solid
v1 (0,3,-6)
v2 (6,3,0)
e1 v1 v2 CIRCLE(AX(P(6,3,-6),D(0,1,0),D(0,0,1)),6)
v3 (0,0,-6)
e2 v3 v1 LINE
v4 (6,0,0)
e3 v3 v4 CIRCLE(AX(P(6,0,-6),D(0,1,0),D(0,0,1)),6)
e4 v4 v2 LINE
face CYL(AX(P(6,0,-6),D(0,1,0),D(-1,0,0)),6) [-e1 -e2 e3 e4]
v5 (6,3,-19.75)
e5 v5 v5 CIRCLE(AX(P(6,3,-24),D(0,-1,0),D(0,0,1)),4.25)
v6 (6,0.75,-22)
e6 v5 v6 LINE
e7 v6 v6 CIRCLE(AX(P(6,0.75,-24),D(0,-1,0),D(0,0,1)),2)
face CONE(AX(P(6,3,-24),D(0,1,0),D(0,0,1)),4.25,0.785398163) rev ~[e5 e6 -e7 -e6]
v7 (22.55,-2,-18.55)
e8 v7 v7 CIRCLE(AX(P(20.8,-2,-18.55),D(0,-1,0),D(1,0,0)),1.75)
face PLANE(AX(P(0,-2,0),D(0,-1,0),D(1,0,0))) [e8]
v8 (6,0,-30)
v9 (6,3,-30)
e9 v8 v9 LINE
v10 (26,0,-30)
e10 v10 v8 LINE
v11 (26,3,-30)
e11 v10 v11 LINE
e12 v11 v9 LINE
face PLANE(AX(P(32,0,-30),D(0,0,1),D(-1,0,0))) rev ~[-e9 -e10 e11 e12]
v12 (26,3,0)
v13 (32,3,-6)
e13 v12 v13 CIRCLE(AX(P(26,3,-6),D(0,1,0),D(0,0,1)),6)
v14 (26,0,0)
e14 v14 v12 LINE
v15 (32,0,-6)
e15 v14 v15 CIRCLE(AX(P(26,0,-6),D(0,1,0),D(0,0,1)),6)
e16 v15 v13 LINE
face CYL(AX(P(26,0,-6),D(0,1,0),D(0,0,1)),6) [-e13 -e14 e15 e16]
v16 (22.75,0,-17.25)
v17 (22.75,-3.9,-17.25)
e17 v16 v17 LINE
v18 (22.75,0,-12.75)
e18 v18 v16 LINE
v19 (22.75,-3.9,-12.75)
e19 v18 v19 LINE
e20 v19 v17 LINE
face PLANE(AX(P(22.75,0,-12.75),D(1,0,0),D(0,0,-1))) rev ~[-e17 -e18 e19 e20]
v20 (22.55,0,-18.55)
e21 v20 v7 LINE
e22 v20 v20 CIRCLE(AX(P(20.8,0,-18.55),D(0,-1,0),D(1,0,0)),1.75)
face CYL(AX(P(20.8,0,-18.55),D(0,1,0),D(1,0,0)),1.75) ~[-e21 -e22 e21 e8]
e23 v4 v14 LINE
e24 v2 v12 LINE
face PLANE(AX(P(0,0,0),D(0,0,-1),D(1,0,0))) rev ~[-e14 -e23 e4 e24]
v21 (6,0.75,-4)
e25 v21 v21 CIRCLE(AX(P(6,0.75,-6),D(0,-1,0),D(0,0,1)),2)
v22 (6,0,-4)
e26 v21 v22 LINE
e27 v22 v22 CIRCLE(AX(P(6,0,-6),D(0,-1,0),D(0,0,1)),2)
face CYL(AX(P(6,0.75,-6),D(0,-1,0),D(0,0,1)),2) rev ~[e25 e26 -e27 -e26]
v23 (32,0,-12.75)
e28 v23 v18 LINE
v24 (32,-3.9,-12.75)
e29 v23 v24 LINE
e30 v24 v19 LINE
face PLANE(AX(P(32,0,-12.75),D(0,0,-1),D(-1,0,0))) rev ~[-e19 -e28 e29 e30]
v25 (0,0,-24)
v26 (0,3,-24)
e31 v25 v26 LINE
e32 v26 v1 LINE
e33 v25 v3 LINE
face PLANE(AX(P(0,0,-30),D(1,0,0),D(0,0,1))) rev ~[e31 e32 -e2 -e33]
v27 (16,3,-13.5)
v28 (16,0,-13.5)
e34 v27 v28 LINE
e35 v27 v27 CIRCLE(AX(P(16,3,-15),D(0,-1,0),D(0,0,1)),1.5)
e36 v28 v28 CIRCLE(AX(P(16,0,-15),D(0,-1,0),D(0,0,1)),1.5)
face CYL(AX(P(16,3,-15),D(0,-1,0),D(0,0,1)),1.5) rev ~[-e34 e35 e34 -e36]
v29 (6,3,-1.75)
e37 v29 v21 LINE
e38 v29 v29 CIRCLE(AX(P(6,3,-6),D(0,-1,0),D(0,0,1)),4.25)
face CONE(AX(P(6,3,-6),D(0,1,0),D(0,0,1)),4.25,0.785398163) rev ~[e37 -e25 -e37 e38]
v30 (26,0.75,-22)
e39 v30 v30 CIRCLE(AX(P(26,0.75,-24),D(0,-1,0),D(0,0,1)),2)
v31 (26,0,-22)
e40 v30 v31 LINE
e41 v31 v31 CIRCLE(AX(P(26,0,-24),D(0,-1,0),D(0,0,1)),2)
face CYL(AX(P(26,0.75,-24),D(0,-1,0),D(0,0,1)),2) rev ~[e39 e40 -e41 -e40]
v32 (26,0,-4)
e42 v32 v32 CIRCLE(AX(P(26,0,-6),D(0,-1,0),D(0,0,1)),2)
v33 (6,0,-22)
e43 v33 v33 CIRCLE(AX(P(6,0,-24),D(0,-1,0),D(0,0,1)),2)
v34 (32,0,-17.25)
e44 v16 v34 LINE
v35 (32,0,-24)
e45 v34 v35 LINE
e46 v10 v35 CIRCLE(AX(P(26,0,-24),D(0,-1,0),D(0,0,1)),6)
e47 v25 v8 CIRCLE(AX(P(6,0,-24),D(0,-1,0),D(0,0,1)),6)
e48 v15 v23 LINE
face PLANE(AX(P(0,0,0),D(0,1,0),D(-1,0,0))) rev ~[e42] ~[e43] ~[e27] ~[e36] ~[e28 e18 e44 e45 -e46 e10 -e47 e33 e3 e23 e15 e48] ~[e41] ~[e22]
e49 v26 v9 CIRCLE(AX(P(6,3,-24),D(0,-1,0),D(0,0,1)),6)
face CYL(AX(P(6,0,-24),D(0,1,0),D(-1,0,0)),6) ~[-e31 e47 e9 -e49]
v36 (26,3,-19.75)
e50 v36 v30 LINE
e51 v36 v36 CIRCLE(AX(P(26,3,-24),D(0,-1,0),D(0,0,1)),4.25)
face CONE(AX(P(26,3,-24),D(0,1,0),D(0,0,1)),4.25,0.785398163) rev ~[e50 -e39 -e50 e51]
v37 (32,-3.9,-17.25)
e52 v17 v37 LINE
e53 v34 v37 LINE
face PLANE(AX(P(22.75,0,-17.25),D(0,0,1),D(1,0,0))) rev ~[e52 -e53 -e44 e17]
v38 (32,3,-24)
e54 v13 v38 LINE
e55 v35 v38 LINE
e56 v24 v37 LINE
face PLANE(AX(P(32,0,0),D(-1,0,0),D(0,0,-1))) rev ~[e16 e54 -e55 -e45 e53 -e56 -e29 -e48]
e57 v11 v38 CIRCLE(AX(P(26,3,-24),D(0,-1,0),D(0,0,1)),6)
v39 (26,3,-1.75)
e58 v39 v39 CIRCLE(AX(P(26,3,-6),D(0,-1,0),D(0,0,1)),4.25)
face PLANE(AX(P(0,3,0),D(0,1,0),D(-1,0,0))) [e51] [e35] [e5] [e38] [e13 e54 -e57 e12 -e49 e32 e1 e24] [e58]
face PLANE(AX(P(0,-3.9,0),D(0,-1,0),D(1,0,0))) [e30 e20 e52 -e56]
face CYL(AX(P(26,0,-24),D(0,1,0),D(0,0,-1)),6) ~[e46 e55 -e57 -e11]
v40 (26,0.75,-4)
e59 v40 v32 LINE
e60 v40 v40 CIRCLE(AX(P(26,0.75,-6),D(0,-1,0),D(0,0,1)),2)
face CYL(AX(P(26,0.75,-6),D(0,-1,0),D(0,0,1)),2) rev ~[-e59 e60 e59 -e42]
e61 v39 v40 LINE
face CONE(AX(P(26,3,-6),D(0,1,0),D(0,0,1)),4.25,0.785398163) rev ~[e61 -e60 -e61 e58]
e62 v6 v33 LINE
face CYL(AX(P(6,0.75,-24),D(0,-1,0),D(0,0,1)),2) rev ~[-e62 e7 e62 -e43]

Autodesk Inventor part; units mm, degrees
ref_plane "YZ Plane" through (0, 0, 0) normal (1, 0, 0) x (0, 1, 0)
ref_plane "XZ Plane" through (0, 0, 0) normal (0, 1, 0) x (-1, 0, 0)
ref_plane "XY Plane" through (0, 0, 0) normal (0, 0, 1) x (1, 0, 0)
sketch "Sketch1" plane through (0, 0, 0) normal (0, 1, 0) x (-1, 0, 0)
  line L0 (0, 0) -> (-32, 0)
  line L1 (-32, 0) -> (-32, -30)
  line L2 (-32, -30) -> (0, -30)
  line L3 (0, -30) -> (0, 0)
  dimension "d0" = 30
  dimension "d1" = 32
extrude "Extrusion1" add sketch "Sketch1" along normal blind 3
sketch "Sketch2" plane through (0, 3, 0) normal (0, 1, 0) x (1, 0, 0)
  line L0 (32, 30) -> (0, 30) projected
  line L1 (0, 30) -> (0, 0) projected
  line L2 (6, 24) -> (26, 24) construction
  line L3 (26, 24) -> (26, 6) construction
  line L4 (26, 6) -> (6, 6) construction
  line L5 (6, 6) -> (6, 24) construction
  point P0 (0, 15)
  point P1 (6, 15)
  point P2 (16, 24)
  point P3 (16, 30)
  dimension "d4" = 20
  dimension "d5" = 18
hole "Hole1" at (6, 3, -24) at (6, 3, -6) at (26, 3, -6) at (26, 3, -24) direction (0, -1, 0) diameter 4 end through all countersink diameter 8.5 countersink angle 90
sketch "Sketch3" plane through (0, 0, 0) normal (0, -1, 0) x (1, 0, 0)
  line L0 (32, 0) -> (32, -30) projected
  line L1 (32, -12.75) -> (22.75, -12.75)
  line L2 (22.75, -12.75) -> (22.75, -17.25)
  line L3 (22.75, -17.25) -> (32, -17.25)
  line L4 (32, -17.25) -> (32, -12.75)
  point P0 (32, -15)
  point P1 (32, -15)
  dimension "d13" = 9.25
  dimension "d14" = 4.5
extrude "Extrusion2" add sketch "Sketch3" along normal blind 3.9
sketch "Sketch4" plane through (0, 3, 0) normal (0, 1, 0) x (1, 0, 0)
  line L0 (32, 30) -> (0, 30) projected
  line L1 (0, 30) -> (0, 0) projected
  point P0 (16, 15)
  point P1 (0, 15)
  point P2 (16, 30)
hole "Hole2" at (16, 3, -15) direction (0, -1, 0) diameter 3 end through all
sketch "Sketch5" plane through (0, 0, 0) normal (0, -1, 0) x (1, 0, 0)
  line L0 (0, 0) -> (32, 0) projected
  line L1 (0, -30) -> (0, 0) projected
  line L2 (9.25, -9.5) -> (22.75, -9.5) construction
  line L3 (22.75, -9.5) -> (22.75, -20.5) construction
  line L4 (22.75, -20.5) -> (9.25, -20.5) construction
  line L5 (9.25, -20.5) -> (9.25, -9.5) construction
  circle A0 centre (20.8, -18.55) radius 1.75
  point P0 (9.25, -15)
  point P1 (0, -15)
  point P2 (16, -9.5)
  point P3 (16, 0)
  dimension "d25" = 11
  dimension "d26" = 13.5
  dimension "d27" = 3.5
  dimension "d28" = 1.95
  dimension "d29" = 1.95
extrude "Extrusion3" add sketch "Sketch5" along normal blind 2
fillet "Fillet2" radius 6 4 edges at (0, 1.5, 0) (32, 1.5, 0) (0, 1.5, -30) (32, 1.5, -30)
equation "\"d29\" = d28"
properties part number "top"
